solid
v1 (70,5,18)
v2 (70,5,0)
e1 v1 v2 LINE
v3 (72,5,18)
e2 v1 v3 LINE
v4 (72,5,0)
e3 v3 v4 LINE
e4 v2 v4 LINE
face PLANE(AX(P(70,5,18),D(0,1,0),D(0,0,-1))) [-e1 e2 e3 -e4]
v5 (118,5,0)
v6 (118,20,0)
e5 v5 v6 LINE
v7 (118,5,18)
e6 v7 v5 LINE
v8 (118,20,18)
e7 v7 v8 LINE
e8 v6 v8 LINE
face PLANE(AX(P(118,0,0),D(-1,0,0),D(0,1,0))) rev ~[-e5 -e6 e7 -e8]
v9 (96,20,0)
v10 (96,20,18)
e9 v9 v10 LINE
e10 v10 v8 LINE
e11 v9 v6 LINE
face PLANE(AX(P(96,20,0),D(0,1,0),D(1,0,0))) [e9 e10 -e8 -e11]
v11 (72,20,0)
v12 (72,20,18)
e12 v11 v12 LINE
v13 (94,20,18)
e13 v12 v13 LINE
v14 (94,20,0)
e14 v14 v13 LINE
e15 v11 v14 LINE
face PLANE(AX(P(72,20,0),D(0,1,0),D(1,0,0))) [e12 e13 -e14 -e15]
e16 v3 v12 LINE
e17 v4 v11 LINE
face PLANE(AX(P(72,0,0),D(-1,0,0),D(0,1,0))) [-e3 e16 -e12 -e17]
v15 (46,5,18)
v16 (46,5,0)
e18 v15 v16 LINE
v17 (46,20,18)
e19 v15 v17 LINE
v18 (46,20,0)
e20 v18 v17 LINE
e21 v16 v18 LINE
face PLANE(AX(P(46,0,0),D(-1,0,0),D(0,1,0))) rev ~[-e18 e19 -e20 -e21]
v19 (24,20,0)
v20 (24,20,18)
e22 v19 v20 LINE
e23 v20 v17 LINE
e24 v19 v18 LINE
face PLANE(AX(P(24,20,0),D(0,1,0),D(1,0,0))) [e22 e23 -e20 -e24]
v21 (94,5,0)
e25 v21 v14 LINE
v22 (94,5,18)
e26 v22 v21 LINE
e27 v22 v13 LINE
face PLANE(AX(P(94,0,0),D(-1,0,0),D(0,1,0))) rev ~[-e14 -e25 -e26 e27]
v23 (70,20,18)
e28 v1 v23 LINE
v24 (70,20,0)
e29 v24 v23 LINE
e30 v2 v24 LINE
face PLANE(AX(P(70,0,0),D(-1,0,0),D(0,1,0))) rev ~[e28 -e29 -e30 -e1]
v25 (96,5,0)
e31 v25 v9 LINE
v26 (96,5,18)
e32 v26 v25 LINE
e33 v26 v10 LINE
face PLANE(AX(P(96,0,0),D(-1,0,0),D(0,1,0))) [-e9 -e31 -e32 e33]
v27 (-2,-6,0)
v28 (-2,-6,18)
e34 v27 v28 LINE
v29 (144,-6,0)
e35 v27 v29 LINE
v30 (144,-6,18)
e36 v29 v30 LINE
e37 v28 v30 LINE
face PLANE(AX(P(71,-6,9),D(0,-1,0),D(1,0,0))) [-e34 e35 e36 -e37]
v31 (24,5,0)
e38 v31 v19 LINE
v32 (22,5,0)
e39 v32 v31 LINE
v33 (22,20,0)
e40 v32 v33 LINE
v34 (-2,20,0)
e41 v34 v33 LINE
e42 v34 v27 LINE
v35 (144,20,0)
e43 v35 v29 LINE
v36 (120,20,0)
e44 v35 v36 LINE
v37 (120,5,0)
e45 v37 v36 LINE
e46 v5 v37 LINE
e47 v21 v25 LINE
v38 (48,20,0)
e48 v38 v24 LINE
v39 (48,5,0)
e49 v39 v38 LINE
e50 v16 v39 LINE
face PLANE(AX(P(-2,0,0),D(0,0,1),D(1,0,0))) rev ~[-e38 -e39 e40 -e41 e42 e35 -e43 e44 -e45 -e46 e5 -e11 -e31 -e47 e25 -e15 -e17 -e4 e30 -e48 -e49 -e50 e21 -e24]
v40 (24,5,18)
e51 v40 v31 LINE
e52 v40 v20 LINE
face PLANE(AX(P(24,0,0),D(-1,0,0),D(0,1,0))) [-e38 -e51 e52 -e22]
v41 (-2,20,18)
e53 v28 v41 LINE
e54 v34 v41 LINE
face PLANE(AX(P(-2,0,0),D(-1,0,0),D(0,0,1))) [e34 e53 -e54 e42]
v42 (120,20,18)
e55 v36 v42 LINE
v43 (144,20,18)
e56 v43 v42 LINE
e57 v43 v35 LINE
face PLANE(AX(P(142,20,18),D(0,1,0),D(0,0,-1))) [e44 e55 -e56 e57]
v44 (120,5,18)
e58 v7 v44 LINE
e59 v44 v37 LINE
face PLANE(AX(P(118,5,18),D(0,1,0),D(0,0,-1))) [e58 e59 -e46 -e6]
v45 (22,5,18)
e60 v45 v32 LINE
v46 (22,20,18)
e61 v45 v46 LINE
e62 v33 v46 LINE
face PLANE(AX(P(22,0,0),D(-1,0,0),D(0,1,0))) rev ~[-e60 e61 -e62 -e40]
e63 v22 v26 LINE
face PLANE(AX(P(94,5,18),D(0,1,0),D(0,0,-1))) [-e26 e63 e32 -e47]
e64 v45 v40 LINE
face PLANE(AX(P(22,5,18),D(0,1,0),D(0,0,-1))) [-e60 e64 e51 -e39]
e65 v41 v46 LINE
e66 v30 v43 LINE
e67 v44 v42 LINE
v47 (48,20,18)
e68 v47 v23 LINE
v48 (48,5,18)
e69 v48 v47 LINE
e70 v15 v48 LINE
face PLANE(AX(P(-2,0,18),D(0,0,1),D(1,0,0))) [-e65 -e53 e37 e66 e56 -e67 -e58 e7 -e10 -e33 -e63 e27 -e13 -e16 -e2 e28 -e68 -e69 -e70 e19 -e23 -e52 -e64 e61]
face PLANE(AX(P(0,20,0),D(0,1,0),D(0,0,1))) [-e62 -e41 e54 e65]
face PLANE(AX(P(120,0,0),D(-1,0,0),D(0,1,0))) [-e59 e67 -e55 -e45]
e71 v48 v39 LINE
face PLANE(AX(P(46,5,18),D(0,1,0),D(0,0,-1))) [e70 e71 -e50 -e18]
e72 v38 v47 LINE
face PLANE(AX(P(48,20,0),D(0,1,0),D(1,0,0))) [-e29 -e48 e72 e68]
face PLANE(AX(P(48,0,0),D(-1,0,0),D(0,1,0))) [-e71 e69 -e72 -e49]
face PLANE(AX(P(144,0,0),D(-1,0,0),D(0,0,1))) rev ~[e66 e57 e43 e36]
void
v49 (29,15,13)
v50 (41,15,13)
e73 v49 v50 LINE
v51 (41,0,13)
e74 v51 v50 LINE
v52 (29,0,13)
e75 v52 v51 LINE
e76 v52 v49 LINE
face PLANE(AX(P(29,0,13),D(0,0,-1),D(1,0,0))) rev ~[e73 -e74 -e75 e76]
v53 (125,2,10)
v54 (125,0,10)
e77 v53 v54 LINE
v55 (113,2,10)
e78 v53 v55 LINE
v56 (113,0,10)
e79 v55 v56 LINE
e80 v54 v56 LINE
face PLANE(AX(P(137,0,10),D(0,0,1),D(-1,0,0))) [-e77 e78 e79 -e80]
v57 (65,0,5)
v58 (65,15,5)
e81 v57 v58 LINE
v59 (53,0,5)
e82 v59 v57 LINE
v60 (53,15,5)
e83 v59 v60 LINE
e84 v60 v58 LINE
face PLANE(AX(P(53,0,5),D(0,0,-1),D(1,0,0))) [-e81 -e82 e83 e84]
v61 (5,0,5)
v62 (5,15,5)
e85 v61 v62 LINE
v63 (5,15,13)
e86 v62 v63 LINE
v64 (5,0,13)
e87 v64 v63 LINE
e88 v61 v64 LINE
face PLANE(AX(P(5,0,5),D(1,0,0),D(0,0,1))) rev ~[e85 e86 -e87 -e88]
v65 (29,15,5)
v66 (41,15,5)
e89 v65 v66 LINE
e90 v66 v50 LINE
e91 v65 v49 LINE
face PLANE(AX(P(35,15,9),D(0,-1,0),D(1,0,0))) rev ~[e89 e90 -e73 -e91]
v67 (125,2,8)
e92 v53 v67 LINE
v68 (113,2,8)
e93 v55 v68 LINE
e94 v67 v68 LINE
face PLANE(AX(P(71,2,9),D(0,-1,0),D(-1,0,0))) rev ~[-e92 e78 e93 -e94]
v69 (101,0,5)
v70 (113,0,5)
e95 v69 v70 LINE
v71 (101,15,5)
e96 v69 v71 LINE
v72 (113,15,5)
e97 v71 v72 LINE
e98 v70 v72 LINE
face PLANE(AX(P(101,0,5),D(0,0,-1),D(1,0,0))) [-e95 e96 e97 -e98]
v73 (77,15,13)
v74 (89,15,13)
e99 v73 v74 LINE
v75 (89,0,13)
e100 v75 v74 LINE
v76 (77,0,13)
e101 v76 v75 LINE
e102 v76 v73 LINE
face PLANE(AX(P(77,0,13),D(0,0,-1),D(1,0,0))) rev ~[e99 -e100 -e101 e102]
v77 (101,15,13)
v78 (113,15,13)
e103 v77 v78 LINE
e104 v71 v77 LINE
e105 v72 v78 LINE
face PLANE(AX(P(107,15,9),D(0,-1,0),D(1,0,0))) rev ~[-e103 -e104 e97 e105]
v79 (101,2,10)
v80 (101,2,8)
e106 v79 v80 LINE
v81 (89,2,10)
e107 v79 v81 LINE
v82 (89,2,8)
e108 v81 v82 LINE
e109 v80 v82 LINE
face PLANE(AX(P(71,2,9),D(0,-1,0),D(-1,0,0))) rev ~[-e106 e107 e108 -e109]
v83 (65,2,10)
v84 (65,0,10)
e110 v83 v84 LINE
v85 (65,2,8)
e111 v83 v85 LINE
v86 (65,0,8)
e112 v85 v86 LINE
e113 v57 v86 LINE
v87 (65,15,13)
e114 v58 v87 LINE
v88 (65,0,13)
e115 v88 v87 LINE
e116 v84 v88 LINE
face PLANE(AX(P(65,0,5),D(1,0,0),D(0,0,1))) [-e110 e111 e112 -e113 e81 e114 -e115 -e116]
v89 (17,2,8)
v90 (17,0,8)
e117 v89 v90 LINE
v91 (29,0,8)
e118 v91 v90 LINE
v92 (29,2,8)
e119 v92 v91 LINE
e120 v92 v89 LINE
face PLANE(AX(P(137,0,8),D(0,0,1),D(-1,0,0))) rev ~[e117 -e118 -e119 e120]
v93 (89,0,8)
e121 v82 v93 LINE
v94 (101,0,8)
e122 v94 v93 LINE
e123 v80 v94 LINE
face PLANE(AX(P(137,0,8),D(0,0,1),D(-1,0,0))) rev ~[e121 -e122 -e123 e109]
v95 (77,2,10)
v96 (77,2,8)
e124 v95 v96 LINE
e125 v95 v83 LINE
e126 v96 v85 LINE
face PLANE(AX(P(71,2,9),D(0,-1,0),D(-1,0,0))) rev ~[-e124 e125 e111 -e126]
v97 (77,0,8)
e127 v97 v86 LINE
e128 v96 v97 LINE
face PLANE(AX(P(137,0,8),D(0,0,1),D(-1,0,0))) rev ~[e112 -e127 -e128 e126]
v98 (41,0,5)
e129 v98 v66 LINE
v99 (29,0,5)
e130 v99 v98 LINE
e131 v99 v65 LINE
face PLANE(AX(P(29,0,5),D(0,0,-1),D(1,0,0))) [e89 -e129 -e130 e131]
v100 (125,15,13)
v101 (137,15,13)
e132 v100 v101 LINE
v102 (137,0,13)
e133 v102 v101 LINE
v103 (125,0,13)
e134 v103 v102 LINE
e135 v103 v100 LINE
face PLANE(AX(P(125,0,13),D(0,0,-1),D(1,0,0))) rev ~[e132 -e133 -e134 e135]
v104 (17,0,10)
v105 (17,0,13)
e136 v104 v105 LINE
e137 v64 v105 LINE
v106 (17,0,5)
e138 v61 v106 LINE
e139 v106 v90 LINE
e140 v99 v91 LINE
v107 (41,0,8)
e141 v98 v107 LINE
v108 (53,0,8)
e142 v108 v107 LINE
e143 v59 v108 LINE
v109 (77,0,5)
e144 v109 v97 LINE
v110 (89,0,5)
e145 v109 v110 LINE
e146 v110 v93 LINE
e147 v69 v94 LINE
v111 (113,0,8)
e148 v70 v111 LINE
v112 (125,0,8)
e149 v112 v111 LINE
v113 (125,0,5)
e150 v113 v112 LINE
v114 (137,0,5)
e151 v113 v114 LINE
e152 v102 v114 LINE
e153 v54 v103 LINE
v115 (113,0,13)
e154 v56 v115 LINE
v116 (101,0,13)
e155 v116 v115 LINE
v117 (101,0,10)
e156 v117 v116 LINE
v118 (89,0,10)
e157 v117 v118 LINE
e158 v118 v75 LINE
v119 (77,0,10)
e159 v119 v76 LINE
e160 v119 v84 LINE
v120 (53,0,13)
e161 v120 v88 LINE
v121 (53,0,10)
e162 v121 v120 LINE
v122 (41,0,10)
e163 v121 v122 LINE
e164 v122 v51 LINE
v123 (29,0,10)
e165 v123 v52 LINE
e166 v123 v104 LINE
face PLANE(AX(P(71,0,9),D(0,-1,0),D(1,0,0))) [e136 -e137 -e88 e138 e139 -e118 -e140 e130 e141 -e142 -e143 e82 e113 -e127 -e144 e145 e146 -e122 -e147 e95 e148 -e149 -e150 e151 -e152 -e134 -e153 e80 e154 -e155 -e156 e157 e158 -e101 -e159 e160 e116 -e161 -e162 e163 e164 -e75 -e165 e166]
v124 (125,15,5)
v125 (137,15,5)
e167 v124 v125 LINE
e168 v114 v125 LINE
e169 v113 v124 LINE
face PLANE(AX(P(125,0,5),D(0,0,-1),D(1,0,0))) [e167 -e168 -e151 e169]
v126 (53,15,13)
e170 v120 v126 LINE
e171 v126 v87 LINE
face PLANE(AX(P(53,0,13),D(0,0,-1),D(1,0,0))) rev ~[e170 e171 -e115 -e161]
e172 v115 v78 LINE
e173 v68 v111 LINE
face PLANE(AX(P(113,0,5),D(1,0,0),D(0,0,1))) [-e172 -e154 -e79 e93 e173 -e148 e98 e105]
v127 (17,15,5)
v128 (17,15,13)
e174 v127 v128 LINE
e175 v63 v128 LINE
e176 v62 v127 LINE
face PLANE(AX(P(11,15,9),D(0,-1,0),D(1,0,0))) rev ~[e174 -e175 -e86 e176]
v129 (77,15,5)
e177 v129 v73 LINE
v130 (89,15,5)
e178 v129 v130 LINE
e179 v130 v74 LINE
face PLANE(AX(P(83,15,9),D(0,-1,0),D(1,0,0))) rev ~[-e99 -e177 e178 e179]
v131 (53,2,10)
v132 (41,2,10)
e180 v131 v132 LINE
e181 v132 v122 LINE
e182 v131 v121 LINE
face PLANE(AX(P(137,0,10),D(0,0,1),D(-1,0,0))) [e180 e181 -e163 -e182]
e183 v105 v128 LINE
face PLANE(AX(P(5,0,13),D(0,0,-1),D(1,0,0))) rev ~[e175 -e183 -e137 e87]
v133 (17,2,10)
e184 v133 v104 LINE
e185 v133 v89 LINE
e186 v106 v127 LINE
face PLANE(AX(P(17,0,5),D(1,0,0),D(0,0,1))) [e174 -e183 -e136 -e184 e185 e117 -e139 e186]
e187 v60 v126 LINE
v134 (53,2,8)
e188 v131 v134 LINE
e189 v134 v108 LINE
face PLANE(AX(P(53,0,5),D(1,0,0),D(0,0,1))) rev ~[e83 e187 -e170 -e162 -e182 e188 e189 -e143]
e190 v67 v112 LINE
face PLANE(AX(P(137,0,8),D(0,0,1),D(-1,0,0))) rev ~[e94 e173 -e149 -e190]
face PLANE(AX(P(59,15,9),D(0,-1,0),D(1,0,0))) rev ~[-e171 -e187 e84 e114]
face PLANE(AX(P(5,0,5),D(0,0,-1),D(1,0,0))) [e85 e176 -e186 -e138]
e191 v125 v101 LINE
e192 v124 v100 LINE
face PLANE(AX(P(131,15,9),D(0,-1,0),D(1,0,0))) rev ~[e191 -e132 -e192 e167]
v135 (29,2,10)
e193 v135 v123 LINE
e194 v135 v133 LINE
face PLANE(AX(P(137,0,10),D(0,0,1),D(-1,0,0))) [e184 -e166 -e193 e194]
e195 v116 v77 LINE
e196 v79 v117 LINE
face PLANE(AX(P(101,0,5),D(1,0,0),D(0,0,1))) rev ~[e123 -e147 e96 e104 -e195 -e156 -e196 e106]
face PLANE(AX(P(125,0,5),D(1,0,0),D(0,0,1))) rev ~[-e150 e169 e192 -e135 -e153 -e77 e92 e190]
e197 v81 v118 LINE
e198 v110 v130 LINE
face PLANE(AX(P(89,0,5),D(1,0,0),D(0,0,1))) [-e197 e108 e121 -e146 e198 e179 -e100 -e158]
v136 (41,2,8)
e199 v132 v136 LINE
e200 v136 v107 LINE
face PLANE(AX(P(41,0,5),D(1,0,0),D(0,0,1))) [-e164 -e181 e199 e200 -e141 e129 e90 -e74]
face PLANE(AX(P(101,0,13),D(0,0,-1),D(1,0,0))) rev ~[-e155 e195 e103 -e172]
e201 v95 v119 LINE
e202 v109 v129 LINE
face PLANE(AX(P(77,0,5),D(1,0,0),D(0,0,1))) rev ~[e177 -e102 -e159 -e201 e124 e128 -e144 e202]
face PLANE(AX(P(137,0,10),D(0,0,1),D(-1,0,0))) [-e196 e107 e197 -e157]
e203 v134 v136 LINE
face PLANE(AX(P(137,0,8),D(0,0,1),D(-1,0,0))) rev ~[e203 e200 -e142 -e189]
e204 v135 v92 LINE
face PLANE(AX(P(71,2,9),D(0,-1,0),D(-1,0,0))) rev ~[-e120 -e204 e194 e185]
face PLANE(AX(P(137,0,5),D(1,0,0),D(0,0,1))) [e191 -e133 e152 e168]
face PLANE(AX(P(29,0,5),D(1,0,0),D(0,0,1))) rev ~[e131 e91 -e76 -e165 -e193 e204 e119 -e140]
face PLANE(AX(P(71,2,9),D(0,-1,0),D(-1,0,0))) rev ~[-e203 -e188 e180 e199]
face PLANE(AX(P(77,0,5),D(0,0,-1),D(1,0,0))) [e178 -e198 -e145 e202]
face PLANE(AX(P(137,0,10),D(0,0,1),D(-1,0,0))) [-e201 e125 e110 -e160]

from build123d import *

# Parameters (mm, degrees)
SKETCH1_W           = 22
SKETCH1_H           = 20
BOSS_EXTRUDE1_DEPTH = 18
SKETCH2_W           = 12
SKETCH2_H           = 8
CUT_EXTRUDE1_DEPTH  = 15
SKETCH3_W           = 18
SKETCH3_H           = 5
BOSS_EXTRUDE2_DEPTH = 2
LPATTERN1_COUNT     = 6
LPATTERN1_PITCH     = 24
SKETCH4_W           = 18
SKETCH4_H           = 15
BOSS_EXTRUDE3_DEPTH = 2
SKETCH5_W           = 18
SKETCH5_H           = 20
BOSS_EXTRUDE4_DEPTH = 2
SKETCH6_W           = 132
SKETCH6_H           = 2
CUT_EXTRUDE2_DEPTH  = 2
SKETCH7_W           = 146
SKETCH7_H           = 18
BOSS_EXTRUDE5_DEPTH = 6


with BuildPart() as part:
    # Sketch1 → Boss-Extrude1 (new body)
    with BuildSketch(Plane.XY):
        with Locations((11, 10)):
            Rectangle(SKETCH1_W, SKETCH1_H)
    extrude(amount=BOSS_EXTRUDE1_DEPTH)

    # Sketch2 → Cut-Extrude1 (cut)
    with BuildSketch(Plane.XZ):
        with Locations((11, 9)):
            Rectangle(SKETCH2_W, SKETCH2_H)
    extrude(amount=-CUT_EXTRUDE1_DEPTH, mode=Mode.SUBTRACT)

    # Sketch3 → Boss-Extrude2 (add)
    with BuildSketch(Plane(origin=(22, 0, 0), x_dir=(0, 0, -1), z_dir=(1, 0, 0))):
        with Locations((-9, 2.5)):
            Rectangle(SKETCH3_W, SKETCH3_H)
    extrude(amount=BOSS_EXTRUDE2_DEPTH)


with BuildPart() as lpattern1_1:
    # LPattern1: pattern copy
    add(part.part.moved(Location(Vector(1, 0, 0) * (1 * LPATTERN1_PITCH))))


with BuildPart() as lpattern1_2:
    # LPattern1: pattern copy
    add(part.part.moved(Location(Vector(1, 0, 0) * (2 * LPATTERN1_PITCH))))


with BuildPart() as lpattern1_3:
    # LPattern1: pattern copy
    add(part.part.moved(Location(Vector(1, 0, 0) * (3 * LPATTERN1_PITCH))))


with BuildPart() as lpattern1_4:
    # LPattern1: pattern copy
    add(part.part.moved(Location(Vector(1, 0, 0) * (4 * LPATTERN1_PITCH))))


with BuildPart() as lpattern1_5:
    # LPattern1: pattern copy
    add(part.part.moved(Location(Vector(1, 0, 0) * (5 * LPATTERN1_PITCH))))


with BuildPart() as lpattern1_2_1:
    add(lpattern1_2.part)

    # Combine1: union part, LPattern1_3, LPattern1_4, LPattern1_5, LPattern1_1
    add(part.part)
    add(lpattern1_3.part)
    add(lpattern1_4.part)
    add(lpattern1_5.part)
    add(lpattern1_1.part)

    # Sketch4 → Boss-Extrude3 (add)
    with BuildSketch(Plane(origin=(142, 0, 0), x_dir=(0, 0, -1), z_dir=(1, 0, 0))):
        with Locations((-9, 12.5)):
            Rectangle(SKETCH4_W, SKETCH4_H)
    extrude(amount=BOSS_EXTRUDE3_DEPTH)

    # Sketch5 → Boss-Extrude4 (add)
    with BuildSketch(Plane.ZY):
        with Locations((9, 10)):
            Rectangle(SKETCH5_W, SKETCH5_H)
    extrude(amount=BOSS_EXTRUDE4_DEPTH)

    # Sketch6 → Cut-Extrude2 (cut)
    with BuildSketch(Plane(origin=(0, 0, 0), x_dir=(-1, 0, 0), z_dir=(0, -1, 0))):
        with Locations((-71, -9)):
            Rectangle(SKETCH6_W, SKETCH6_H)
    extrude(amount=-CUT_EXTRUDE2_DEPTH, mode=Mode.SUBTRACT)

    # Sketch7 → Boss-Extrude5 (add)
    with BuildSketch(Plane.XZ):
        with Locations((71, 9)):
            Rectangle(SKETCH7_W, SKETCH7_H)
    extrude(amount=BOSS_EXTRUDE5_DEPTH)


solid = lpattern1_2_1.part
